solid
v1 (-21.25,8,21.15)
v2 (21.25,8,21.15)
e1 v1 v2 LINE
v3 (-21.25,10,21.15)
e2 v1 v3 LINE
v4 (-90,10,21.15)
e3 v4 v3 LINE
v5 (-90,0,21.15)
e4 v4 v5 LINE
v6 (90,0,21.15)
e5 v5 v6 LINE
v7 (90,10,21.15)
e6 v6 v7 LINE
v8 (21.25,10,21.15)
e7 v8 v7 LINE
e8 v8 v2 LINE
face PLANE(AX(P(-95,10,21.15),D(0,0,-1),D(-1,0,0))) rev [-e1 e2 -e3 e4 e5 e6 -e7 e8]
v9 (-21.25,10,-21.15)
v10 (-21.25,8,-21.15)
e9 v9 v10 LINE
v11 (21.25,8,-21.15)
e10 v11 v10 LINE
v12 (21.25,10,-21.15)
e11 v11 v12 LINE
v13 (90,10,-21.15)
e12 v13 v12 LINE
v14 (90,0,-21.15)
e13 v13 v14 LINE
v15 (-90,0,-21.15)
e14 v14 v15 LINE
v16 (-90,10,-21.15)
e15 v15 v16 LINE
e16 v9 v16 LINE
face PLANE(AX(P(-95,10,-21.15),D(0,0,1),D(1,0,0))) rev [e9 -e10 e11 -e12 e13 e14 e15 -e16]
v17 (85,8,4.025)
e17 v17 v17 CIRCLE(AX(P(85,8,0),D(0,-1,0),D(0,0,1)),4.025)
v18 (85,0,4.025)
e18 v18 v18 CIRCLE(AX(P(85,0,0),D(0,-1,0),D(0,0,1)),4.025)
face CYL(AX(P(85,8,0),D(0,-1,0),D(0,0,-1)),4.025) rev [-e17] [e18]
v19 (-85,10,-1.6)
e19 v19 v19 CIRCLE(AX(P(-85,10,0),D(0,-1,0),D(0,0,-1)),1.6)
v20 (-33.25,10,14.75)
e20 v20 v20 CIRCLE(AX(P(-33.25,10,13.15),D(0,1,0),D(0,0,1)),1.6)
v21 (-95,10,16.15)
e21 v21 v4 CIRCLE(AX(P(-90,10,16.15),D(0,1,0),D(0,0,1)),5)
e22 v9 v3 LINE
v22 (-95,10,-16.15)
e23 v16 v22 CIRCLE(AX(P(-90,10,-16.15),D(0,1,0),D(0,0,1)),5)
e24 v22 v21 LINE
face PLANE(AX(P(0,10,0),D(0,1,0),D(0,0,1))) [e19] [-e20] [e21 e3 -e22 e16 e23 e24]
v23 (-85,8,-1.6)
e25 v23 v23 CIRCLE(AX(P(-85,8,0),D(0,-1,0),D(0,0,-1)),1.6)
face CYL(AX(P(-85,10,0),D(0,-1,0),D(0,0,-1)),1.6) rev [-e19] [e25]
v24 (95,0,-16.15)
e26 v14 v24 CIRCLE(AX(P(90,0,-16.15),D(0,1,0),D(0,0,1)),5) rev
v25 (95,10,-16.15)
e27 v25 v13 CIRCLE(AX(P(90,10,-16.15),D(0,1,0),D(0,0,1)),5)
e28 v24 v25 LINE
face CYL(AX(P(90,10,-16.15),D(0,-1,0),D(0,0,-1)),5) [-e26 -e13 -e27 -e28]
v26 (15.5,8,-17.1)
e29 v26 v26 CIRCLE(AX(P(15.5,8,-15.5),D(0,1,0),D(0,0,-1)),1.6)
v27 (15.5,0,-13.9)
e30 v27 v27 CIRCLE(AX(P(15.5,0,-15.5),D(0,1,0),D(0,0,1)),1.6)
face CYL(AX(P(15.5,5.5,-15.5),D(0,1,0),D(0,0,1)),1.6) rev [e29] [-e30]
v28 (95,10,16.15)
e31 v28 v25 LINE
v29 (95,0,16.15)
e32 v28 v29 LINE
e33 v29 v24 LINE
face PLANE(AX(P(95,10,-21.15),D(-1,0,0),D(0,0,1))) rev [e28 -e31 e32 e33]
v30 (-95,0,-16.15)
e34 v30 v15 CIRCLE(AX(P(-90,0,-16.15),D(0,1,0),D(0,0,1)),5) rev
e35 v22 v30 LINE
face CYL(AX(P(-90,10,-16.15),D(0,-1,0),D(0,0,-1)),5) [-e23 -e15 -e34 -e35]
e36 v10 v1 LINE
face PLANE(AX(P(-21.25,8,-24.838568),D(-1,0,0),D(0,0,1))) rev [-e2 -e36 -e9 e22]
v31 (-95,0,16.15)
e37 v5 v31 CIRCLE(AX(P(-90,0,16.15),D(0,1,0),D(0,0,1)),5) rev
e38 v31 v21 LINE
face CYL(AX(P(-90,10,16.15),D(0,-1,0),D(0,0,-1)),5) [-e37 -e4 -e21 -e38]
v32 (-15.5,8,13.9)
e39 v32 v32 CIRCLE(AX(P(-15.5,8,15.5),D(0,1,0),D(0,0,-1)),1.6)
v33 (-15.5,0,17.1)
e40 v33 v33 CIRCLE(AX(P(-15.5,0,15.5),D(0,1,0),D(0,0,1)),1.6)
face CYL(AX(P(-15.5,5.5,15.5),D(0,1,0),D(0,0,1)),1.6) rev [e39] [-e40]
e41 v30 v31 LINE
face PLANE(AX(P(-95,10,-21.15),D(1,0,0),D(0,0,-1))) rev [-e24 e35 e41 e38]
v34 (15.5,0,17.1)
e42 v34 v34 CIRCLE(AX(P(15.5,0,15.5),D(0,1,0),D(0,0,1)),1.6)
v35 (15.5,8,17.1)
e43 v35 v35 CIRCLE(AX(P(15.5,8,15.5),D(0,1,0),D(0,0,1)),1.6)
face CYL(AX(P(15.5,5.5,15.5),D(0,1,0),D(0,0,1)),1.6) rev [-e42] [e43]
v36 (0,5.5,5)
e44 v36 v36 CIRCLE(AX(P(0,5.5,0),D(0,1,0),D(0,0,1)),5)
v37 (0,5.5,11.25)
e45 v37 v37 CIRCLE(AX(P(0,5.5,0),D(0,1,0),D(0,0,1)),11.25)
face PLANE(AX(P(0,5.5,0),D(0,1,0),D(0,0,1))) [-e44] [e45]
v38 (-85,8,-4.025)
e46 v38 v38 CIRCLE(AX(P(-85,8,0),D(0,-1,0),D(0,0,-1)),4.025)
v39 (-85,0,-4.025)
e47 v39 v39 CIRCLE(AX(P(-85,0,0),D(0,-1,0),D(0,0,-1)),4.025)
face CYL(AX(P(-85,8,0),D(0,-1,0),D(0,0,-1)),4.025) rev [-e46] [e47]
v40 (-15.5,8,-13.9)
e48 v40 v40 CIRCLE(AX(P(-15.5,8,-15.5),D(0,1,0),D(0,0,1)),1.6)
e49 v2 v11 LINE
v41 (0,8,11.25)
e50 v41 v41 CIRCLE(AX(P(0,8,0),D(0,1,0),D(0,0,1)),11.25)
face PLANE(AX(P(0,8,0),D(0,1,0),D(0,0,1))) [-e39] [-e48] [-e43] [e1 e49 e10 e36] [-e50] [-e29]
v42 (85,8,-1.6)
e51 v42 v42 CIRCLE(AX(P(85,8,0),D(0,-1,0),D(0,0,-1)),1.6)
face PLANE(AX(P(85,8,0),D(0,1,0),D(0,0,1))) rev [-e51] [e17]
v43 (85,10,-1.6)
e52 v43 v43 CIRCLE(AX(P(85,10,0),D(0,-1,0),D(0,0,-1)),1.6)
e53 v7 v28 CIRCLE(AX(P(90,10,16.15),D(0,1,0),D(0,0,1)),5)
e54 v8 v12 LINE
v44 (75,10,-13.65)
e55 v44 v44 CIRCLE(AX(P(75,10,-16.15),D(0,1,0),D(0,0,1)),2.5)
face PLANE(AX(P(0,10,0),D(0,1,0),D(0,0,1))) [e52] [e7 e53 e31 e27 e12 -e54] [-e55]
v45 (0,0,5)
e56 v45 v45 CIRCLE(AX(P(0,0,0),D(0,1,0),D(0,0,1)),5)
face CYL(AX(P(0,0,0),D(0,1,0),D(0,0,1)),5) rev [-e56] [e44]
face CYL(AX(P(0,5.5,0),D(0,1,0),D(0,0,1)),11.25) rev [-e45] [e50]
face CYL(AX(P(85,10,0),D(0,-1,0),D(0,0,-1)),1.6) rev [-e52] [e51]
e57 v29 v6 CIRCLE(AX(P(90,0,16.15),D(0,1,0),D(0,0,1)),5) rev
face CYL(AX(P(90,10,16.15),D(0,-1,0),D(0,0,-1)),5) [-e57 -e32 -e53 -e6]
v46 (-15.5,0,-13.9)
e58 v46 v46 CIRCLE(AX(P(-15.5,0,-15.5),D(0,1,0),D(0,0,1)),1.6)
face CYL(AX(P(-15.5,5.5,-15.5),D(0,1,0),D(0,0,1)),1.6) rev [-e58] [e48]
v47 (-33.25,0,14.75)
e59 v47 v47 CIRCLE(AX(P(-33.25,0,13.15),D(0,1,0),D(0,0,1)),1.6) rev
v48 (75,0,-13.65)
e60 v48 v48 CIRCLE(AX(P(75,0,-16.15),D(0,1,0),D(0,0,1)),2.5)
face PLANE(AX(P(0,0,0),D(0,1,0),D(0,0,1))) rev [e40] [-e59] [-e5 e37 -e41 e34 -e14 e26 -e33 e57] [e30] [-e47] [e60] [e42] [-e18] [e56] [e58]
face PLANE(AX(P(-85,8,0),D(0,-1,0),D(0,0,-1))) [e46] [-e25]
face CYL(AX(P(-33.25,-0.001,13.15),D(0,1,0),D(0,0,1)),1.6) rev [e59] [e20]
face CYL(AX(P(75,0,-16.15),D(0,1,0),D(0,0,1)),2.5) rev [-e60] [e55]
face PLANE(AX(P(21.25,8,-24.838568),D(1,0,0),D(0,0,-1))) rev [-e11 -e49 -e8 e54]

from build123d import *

# Parameters (mm, degrees)
SKETCH_1_W          = 190
SKETCH_1_H          = 42.3
EXTRUDE_1_DEPTH     = 10
SKETCH_2_W          = 42.5
SKETCH_2_H          = 49.677136544
CUT_EXTRUDE_1_DEPTH = 2
SKETCH_3_R          = 1.6
SKETCH_3_R_2        = 11.25
CUT_EXTRUDE_2_DEPTH = 2.5
SKETCH_4_R          = 5
CUT_EXTRUDE_3_DEPTH = 6.5
SKETCH_5_R          = 4.025
CUT_EXTRUDE_4_DEPTH = 8
SKETCH_6_R          = 1.6
CUT_EXTRUDE_5_DEPTH = 3
SKETCH_7_R          = 1.6
CUT_EXTRUDE_6_DEPTH = 3
FILLET_1_R          = 5
SKETCH_8_R          = 1.6
CUT_EXTRUDE_7_DEPTH = 9
CUT_EXTRUDE_8_REACH = 12
SKETCH_9_R          = 1.6
SKETCH_11_R         = 2.5
CUT_EXTRUDE_9_DEPTH = 11


with BuildPart() as part:
    # 草图1 → 凸台-拉伸1 (new body)
    with BuildSketch(Plane(origin=(0, 0, 0), x_dir=(1, 0, 0), z_dir=(0, 1, 0))):
        Rectangle(SKETCH_1_W, SKETCH_1_H)
    extrude(amount=EXTRUDE_1_DEPTH)

    # 草图2 → 切除-拉伸1 (cut)
    with BuildSketch(Plane(origin=(0, 10, 0), x_dir=(1, 0, 0), z_dir=(0, 1, 0))):
        Rectangle(SKETCH_2_W, SKETCH_2_H)
    extrude(amount=-CUT_EXTRUDE_1_DEPTH, mode=Mode.SUBTRACT)

    # 草图3 → 切除-拉伸2 (cut)
    with BuildSketch(Plane(origin=(0, 8, 0), x_dir=(1, 0, 0), z_dir=(0, 1, 0))):
        with Locations((-15.5, 15.5)):
            Circle(SKETCH_3_R)
        with Locations((15.5, 15.5)):
            Circle(SKETCH_3_R)
        with Locations((15.5, -15.5)):
            Circle(SKETCH_3_R)
        with Locations((-15.5, -15.5)):
            Circle(SKETCH_3_R)
        Circle(SKETCH_3_R_2)
    extrude(amount=-CUT_EXTRUDE_2_DEPTH, mode=Mode.SUBTRACT)

    # 草图4 → 切除-拉伸3 (cut, through all)
    with BuildSketch(Plane(origin=(0, 5.5, 0), x_dir=(1, 0, 0), z_dir=(0, 1, 0))):
        Circle(SKETCH_4_R)
    extrude(amount=-CUT_EXTRUDE_3_DEPTH, mode=Mode.SUBTRACT)

    # 草图5 → 切除-拉伸4 (cut)
    with BuildSketch(Plane.XZ):
        with Locations((-85, 0)):
            Circle(SKETCH_5_R)
        with Locations((85, 0)):
            Circle(SKETCH_5_R)
    extrude(amount=-CUT_EXTRUDE_4_DEPTH, mode=Mode.SUBTRACT)

    # 草图6 → 切除-拉伸5 (cut, through all)
    with BuildSketch(Plane.XZ.offset(-8)):
        with Locations((-85, 0)):
            Circle(SKETCH_6_R)
    extrude(amount=-CUT_EXTRUDE_5_DEPTH, mode=Mode.SUBTRACT)

    # 草图7 → 切除-拉伸6 (cut, through all)
    with BuildSketch(Plane.XZ.offset(-8)):
        with Locations((85, 0)):
            Circle(SKETCH_7_R)
    extrude(amount=-CUT_EXTRUDE_6_DEPTH, mode=Mode.SUBTRACT)

    # 圆角1
    fillet_1_edges = [part.edges().sort_by_distance(p)[0] for p in [
        (95, 5, 21.15),
        (-95, 5, 21.15),
        (-95, 5, -21.15),
        (95, 5, -21.15),
    ]]
    fillet(fillet_1_edges, radius=FILLET_1_R)

    # 草图8 → 切除-拉伸7 (cut, through all)
    with BuildSketch(Plane(origin=(0, 8, 0), x_dir=(1, 0, 0), z_dir=(0, 1, 0))):
        with Locations((15.5, 15.5)):
            Circle(SKETCH_8_R)
        with Locations((15.5, -15.5)):
            Circle(SKETCH_8_R)
        with Locations((-15.5, -15.5)):
            Circle(SKETCH_8_R)
        with Locations((-15.5, 15.5)):
            Circle(SKETCH_8_R)
    extrude(amount=-CUT_EXTRUDE_7_DEPTH, mode=Mode.SUBTRACT)

    # 草图9 → 切除-拉伸8 (cut, up to next)
    with BuildSketch(Plane(origin=(0, 10, 0), x_dir=(1, 0, 0), z_dir=(0, 1, 0)), mode=Mode.PRIVATE) as cut_extrude_8_sk1:
        with Locations((-33.25, -13.15)):
            Circle(SKETCH_9_R)
    cut_extrude_8_tool1 = extrude(cut_extrude_8_sk1.sketch, amount=-CUT_EXTRUDE_8_REACH, mode=Mode.PRIVATE) & part.part
    add(cut_extrude_8_tool1.solids().sort_by_distance((-33.25, 10, 13.15))[0], mode=Mode.SUBTRACT)

    # 草图11 → 切除-拉伸9 (cut, through all)
    with BuildSketch(Plane(origin=(0, 10, 0), x_dir=(1, 0, 0), z_dir=(0, 1, 0))):
        with Locations((75, 16.15)):
            Circle(SKETCH_11_R)
    extrude(amount=-CUT_EXTRUDE_9_DEPTH, mode=Mode.SUBTRACT)


solid = part.part
